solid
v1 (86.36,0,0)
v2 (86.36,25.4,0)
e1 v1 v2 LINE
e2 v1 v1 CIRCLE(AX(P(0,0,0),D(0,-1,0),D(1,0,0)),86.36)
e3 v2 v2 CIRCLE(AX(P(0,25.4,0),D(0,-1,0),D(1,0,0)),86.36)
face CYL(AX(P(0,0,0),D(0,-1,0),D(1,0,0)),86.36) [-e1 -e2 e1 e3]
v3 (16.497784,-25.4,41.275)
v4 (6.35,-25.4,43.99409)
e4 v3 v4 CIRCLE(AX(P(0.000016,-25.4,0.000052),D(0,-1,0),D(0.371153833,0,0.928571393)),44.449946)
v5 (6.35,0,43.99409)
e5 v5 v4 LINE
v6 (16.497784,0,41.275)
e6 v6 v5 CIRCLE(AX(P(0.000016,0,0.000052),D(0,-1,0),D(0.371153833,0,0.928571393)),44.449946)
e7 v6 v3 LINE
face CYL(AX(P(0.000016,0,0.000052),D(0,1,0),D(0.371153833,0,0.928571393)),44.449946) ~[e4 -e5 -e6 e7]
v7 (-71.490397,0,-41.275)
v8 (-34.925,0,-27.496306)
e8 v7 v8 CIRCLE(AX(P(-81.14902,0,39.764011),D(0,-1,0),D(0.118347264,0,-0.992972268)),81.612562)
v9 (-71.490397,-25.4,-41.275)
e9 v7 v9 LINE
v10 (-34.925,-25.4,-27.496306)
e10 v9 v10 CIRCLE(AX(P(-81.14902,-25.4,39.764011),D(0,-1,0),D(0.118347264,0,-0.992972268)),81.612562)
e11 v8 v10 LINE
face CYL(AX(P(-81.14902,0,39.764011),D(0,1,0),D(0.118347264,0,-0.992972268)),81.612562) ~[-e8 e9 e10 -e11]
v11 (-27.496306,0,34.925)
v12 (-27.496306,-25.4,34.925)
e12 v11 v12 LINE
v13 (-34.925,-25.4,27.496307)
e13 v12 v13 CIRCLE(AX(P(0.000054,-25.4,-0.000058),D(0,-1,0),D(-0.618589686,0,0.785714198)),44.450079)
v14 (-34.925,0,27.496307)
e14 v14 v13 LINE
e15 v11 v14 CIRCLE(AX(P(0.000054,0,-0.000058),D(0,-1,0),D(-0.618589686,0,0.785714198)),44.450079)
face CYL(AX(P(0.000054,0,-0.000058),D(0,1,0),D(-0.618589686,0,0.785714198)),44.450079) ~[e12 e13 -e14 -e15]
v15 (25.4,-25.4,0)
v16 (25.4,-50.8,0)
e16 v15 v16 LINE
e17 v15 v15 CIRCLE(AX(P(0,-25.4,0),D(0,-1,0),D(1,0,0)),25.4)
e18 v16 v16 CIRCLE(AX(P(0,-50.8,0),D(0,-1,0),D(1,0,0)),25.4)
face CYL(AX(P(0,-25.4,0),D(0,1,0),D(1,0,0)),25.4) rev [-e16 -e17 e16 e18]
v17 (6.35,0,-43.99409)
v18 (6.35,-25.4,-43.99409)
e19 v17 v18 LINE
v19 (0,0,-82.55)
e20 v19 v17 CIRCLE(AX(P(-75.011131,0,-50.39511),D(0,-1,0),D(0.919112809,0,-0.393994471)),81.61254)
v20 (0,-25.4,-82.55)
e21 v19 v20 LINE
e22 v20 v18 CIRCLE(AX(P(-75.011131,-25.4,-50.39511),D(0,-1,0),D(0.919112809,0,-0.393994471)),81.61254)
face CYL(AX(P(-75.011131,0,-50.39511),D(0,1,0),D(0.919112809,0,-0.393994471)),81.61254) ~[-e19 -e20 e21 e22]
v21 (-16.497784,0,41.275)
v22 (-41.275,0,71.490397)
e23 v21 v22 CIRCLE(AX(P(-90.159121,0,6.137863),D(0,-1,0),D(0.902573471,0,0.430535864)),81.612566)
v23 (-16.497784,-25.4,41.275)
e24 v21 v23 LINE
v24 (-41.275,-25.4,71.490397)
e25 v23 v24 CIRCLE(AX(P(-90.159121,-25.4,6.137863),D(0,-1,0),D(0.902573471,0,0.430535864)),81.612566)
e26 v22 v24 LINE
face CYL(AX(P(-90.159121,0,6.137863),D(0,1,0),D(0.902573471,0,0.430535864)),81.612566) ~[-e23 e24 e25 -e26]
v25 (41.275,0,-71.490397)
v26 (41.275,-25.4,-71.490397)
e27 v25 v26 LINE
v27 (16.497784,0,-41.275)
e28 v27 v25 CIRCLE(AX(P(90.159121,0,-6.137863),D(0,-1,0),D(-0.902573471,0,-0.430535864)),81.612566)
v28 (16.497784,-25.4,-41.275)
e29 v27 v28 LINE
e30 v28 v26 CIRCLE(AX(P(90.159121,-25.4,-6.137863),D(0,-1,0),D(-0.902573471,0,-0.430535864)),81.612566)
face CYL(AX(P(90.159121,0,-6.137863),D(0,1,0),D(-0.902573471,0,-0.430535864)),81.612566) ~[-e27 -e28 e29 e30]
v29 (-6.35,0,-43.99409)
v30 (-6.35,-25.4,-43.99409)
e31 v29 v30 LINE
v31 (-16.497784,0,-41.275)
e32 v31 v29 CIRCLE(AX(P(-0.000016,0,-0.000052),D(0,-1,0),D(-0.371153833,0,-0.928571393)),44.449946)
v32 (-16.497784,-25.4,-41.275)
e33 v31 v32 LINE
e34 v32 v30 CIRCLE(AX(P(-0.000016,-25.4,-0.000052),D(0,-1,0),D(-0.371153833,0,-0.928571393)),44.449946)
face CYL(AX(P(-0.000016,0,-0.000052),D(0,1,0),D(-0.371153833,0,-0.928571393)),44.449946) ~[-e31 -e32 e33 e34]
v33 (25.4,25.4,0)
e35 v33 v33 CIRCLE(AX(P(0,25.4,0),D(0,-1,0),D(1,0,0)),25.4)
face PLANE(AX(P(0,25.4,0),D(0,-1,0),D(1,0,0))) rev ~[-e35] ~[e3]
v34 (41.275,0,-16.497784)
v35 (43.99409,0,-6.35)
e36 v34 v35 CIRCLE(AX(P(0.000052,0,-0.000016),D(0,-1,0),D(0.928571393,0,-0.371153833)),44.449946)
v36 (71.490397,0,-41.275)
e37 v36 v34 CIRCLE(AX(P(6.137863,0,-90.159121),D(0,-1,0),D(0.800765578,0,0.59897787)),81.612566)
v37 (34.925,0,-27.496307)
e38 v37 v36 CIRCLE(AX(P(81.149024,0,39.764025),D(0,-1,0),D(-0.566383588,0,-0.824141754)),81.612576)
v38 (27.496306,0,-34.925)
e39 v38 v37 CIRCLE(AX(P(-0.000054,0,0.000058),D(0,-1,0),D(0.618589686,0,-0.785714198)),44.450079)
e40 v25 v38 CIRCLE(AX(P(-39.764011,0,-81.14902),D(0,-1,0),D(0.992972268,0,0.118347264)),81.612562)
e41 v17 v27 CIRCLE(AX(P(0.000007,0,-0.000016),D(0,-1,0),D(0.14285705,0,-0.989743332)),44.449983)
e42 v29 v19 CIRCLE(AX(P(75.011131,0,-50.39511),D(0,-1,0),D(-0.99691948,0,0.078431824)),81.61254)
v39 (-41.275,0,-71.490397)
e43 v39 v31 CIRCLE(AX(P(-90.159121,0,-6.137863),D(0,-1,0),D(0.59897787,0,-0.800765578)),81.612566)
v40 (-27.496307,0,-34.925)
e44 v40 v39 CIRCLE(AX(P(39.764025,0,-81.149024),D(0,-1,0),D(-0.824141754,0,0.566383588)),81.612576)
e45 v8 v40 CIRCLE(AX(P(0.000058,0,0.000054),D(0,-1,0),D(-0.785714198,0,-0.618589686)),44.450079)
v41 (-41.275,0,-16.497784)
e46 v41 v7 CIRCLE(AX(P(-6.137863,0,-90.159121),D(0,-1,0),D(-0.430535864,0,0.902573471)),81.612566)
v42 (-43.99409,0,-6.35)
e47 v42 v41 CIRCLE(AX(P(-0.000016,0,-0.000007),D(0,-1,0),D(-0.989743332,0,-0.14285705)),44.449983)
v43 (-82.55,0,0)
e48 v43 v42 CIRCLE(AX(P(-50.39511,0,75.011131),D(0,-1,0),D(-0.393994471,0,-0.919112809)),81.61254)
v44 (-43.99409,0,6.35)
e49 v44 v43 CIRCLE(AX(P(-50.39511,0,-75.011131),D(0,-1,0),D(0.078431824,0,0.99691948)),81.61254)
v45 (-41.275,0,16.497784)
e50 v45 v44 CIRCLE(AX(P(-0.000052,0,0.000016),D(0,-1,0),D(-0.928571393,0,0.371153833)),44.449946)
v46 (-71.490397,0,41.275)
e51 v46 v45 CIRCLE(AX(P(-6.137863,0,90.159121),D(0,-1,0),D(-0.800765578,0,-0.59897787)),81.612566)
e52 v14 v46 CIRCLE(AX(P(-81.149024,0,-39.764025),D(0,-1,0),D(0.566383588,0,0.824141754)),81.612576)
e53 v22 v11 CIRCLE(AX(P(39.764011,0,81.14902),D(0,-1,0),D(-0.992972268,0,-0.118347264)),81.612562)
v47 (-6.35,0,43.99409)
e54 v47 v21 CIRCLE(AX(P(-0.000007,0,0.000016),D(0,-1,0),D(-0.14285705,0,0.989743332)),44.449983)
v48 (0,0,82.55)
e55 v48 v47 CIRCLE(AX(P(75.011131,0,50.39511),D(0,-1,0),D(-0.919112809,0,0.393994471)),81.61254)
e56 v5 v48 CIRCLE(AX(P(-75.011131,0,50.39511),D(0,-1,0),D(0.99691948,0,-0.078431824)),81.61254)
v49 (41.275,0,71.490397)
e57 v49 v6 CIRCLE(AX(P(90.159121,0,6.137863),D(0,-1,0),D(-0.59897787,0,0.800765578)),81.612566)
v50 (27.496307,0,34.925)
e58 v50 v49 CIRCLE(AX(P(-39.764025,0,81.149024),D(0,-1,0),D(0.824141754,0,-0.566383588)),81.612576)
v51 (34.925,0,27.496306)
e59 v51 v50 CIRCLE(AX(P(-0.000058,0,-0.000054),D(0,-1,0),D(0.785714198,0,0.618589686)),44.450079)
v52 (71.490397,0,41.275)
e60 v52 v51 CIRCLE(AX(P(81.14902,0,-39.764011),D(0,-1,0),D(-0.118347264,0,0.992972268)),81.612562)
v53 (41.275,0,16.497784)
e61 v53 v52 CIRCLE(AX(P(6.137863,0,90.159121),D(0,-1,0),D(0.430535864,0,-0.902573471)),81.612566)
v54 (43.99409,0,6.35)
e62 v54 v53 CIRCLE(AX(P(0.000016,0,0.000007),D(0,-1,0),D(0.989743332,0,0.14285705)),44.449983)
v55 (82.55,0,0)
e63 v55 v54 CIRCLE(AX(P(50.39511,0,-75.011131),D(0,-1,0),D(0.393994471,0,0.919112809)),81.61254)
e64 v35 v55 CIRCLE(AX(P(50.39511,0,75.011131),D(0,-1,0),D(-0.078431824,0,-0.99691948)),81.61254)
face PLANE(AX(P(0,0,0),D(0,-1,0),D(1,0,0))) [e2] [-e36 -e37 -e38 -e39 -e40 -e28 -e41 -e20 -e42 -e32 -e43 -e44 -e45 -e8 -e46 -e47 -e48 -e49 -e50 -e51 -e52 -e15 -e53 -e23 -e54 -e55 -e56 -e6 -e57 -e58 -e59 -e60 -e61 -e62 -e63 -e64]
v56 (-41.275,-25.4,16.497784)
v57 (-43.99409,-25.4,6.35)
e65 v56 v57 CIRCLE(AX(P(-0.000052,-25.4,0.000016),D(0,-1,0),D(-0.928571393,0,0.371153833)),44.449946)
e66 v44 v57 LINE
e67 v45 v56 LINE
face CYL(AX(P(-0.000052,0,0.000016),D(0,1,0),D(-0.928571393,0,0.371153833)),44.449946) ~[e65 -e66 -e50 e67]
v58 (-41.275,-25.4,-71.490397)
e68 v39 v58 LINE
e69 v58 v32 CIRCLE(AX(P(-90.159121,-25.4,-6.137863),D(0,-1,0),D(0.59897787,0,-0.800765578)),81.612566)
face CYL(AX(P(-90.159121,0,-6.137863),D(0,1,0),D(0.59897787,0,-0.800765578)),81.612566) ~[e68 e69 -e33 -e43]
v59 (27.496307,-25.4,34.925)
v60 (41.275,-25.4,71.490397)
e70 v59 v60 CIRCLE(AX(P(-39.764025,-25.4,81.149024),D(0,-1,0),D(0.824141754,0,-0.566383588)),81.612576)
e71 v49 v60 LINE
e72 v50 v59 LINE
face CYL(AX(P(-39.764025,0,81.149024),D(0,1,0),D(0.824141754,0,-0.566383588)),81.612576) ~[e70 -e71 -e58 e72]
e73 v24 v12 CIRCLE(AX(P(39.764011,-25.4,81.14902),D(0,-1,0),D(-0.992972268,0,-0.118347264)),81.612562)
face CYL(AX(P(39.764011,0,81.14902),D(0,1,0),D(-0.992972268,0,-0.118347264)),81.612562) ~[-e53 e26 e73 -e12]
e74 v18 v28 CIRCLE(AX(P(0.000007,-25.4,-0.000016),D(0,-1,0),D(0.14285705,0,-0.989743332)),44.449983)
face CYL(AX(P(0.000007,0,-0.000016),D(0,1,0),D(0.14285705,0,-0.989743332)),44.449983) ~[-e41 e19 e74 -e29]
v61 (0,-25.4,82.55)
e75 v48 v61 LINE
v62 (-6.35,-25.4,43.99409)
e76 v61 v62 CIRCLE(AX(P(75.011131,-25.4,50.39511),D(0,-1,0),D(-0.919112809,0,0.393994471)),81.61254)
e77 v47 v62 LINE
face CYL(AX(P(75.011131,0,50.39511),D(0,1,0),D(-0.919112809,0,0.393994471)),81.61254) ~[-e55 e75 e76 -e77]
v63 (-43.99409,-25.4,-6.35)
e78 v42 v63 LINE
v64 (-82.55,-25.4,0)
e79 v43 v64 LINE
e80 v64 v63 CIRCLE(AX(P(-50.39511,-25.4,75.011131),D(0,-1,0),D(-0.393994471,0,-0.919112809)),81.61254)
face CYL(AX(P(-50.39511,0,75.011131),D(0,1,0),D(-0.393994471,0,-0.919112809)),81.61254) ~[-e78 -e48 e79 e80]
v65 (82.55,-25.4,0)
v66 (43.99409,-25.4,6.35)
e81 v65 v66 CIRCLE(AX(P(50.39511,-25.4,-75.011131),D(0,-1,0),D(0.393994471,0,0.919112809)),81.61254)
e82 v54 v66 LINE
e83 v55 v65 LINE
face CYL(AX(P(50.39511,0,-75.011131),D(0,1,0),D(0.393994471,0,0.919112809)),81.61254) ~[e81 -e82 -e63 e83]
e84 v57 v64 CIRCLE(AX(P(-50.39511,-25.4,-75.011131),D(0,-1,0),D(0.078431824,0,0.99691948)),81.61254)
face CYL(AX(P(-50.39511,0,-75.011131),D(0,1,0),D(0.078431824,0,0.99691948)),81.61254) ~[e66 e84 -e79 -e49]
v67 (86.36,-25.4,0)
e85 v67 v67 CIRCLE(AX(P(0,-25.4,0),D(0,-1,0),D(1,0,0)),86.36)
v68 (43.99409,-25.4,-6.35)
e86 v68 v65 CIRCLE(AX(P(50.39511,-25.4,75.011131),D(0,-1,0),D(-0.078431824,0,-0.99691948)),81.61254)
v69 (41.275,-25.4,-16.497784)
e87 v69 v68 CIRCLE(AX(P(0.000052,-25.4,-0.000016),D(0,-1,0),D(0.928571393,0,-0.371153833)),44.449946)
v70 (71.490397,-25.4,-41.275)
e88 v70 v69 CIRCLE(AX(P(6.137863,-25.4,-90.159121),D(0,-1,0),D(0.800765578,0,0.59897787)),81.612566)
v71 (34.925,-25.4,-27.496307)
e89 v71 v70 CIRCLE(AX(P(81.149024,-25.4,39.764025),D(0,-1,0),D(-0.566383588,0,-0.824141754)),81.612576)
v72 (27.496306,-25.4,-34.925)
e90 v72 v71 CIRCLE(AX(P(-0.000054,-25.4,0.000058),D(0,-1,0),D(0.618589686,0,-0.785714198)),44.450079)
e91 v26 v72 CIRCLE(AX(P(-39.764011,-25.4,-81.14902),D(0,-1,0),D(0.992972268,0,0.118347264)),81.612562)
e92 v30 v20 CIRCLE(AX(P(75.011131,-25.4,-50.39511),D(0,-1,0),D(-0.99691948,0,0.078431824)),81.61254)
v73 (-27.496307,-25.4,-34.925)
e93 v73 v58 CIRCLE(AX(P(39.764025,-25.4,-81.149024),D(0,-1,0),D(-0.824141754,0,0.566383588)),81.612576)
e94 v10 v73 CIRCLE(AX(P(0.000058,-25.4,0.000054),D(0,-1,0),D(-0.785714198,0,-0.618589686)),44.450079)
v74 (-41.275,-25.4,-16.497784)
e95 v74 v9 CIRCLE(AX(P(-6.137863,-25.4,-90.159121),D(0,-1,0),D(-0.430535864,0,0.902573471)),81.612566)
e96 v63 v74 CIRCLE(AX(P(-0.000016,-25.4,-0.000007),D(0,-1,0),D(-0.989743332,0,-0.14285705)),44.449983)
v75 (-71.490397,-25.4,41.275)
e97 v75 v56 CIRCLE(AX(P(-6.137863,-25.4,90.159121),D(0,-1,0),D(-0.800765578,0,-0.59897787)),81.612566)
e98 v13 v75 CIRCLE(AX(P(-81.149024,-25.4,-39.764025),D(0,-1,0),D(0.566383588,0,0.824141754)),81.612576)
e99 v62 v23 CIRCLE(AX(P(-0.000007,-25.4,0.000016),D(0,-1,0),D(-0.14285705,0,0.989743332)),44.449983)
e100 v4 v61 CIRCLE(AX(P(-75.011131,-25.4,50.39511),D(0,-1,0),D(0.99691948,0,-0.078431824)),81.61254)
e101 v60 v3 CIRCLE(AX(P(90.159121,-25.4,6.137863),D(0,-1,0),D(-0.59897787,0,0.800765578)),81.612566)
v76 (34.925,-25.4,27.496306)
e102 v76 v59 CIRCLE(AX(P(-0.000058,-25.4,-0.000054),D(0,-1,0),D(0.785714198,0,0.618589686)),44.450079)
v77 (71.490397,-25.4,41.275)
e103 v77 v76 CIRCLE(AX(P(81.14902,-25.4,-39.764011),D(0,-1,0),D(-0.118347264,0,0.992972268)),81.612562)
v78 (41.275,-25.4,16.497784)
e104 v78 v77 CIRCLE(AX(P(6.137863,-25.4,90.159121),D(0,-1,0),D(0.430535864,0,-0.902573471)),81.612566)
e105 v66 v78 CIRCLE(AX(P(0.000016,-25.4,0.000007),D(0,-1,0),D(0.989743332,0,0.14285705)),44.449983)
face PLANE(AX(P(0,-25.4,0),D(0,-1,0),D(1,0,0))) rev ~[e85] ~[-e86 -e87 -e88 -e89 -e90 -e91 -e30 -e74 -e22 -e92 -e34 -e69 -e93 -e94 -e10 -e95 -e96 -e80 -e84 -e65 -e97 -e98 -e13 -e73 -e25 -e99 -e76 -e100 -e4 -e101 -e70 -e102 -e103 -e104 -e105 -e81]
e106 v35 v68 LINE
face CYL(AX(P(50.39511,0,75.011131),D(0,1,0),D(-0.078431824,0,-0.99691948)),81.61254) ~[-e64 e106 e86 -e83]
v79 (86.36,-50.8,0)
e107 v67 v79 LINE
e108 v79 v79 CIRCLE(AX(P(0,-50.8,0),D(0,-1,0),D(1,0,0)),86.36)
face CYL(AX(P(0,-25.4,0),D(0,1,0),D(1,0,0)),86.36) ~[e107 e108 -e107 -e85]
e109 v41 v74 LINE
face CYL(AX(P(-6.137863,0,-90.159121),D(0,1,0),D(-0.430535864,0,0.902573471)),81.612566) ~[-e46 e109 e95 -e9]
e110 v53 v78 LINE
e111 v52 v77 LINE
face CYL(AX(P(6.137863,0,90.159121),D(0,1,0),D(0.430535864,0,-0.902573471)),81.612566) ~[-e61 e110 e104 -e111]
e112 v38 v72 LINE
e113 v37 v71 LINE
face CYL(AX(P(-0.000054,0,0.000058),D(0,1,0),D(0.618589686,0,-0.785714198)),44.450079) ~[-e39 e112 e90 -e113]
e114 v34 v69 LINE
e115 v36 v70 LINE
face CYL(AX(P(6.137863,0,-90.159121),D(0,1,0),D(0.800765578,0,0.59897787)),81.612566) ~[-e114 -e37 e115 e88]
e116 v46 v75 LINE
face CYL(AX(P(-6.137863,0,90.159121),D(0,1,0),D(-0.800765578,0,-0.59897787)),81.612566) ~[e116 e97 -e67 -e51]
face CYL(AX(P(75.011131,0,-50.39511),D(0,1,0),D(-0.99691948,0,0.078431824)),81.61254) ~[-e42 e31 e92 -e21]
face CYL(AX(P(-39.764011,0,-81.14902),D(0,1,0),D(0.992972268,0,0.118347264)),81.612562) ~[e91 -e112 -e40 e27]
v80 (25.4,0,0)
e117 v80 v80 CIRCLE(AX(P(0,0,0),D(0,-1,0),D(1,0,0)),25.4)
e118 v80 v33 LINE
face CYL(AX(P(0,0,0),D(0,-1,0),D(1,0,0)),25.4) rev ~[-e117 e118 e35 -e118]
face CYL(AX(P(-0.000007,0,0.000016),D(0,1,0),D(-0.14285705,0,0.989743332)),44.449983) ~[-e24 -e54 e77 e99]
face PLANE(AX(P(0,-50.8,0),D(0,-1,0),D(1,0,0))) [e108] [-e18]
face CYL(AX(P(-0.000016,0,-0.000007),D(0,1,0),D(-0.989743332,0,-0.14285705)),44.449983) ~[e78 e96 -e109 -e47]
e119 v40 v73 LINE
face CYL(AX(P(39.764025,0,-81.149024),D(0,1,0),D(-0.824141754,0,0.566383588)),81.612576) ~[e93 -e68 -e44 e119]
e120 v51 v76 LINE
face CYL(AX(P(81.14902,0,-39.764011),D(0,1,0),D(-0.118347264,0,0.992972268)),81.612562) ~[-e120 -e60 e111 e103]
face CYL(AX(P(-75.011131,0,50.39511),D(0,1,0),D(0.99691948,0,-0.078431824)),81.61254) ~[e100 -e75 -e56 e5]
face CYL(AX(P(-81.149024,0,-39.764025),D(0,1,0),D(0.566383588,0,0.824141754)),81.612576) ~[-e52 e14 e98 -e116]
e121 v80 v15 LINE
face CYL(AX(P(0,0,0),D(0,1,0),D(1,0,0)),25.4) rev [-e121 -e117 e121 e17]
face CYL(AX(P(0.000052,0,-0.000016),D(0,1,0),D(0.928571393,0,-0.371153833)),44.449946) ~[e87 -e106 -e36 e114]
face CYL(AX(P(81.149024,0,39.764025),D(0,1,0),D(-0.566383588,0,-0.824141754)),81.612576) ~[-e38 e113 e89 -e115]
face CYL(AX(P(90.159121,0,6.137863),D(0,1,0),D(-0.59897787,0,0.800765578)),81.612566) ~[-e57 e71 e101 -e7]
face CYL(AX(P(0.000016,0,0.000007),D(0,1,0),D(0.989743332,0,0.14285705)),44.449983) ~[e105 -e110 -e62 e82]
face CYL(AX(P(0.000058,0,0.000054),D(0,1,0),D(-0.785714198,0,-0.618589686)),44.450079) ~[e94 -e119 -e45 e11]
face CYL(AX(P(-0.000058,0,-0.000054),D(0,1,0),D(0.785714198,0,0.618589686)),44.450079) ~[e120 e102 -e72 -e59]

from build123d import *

# Parameters (mm, degrees)
F0_R      = 31.75
F0_R_2    = 25.4
F1_DEPTH  = 25.4
F2_R      = 86.36
F3_DEPTH  = 25.4
F3_FACE_R = 25.4
F4_DEPTH  = 50.8
F5_R      = 86.36
F5_R_2    = 25.4
F6_DEPTH  = 25.4


with BuildPart() as f1:
    # F0 (on Front) → F1 (new body)
    with BuildSketch(Plane.XZ):
        with BuildLine():
            ThreePointArc((-6.35, 43.99409), (0, 44.45), (6.35, 43.99409))
            ThreePointArc((6.35, 43.99409), (5.51657, 63.657692), (0, 82.55))
            ThreePointArc((0, 82.55), (-5.51657, 63.657692), (-6.35, 43.99409))
        make_face()
        with BuildLine():
            ThreePointArc((-27.496306, 34.925), (-22.225, 38.494829), (-16.497784, 41.275))
            ThreePointArc((-16.497784, 41.275), (-27.051357, 57.887463), (-41.275, 71.490397))
            ThreePointArc((-41.275, 71.490397), (-36.606335, 52.370894), (-27.496306, 34.925))
        make_face()
        with BuildLine():
            ThreePointArc((-41.275, 16.497784), (-38.494829, 22.225), (-34.925, 27.496307))
            ThreePointArc((-34.925, 27.496307), (-52.370894, 36.606335), (-71.490397, 41.275))
            ThreePointArc((-71.490397, 41.275), (-57.887463, 27.051357), (-41.275, 16.497784))
        make_face()
        with BuildLine():
            ThreePointArc((-43.99409, -6.35), (-44.45, 0), (-43.99409, 6.35))
            ThreePointArc((-43.99409, 6.35), (-63.657692, 5.51657), (-82.55, 0))
            ThreePointArc((-82.55, 0), (-63.657692, -5.51657), (-43.99409, -6.35))
        make_face()
        with BuildLine():
            ThreePointArc((-71.490397, -41.275), (-52.370894, -36.606335), (-34.925, -27.496306))
            ThreePointArc((-34.925, -27.496306), (-38.494829, -22.225), (-41.275, -16.497784))
            ThreePointArc((-41.275, -16.497784), (-57.887463, -27.051357), (-71.490397, -41.275))
        make_face()
        with BuildLine():
            ThreePointArc((-41.275, -71.490397), (-27.051357, -57.887463), (-16.497784, -41.275))
            ThreePointArc((-16.497784, -41.275), (-22.225, -38.494829), (-27.496307, -34.925))
            ThreePointArc((-27.496307, -34.925), (-36.606335, -52.370894), (-41.275, -71.490397))
        make_face()
        with BuildLine():
            ThreePointArc((0, -82.55), (5.51657, -63.657692), (6.35, -43.99409))
            ThreePointArc((6.35, -43.99409), (0, -44.45), (-6.35, -43.99409))
            ThreePointArc((-6.35, -43.99409), (-5.51657, -63.657692), (0, -82.55))
        make_face()
        with BuildLine():
            ThreePointArc((41.275, -71.490397), (36.606335, -52.370894), (27.496306, -34.925))
            ThreePointArc((27.496306, -34.925), (22.225, -38.494829), (16.497784, -41.275))
            ThreePointArc((16.497784, -41.275), (27.051357, -57.887463), (41.275, -71.490397))
        make_face()
        with BuildLine():
            ThreePointArc((71.490397, -41.275), (57.887463, -27.051357), (41.275, -16.497784))
            ThreePointArc((41.275, -16.497784), (38.494829, -22.225), (34.925, -27.496307))
            ThreePointArc((34.925, -27.496307), (52.370894, -36.606335), (71.490397, -41.275))
        make_face()
        with BuildLine():
            ThreePointArc((43.99409, 6.35), (44.335876, 3.183173), (44.45, 0))
            ThreePointArc((44.45, 0), (44.335876, -3.183173), (43.99409, -6.35))
            ThreePointArc((43.99409, -6.35), (63.657692, -5.51657), (82.55, 0))
            ThreePointArc((82.55, 0), (63.657692, 5.51657), (43.99409, 6.35))
        make_face()
        with BuildLine():
            ThreePointArc((34.925, 27.496306), (38.494829, 22.225), (41.275, 16.497784))
            ThreePointArc((41.275, 16.497784), (57.887463, 27.051357), (71.490397, 41.275))
            ThreePointArc((71.490397, 41.275), (52.370894, 36.606335), (34.925, 27.496306))
        make_face()
        with BuildLine():
            ThreePointArc((16.497784, 41.275), (22.225, 38.494829), (27.496307, 34.925))
            ThreePointArc((27.496307, 34.925), (36.606335, 52.370894), (41.275, 71.490397))
            ThreePointArc((41.275, 71.490397), (27.051357, 57.887463), (16.497784, 41.275))
        make_face()
        with BuildLine():
            ThreePointArc((43.99409, -6.35), (44.335876, -3.183173), (44.45, 0))
            ThreePointArc((44.45, 0), (44.335876, 3.183173), (43.99409, 6.35))
            ThreePointArc((43.99409, 6.35), (42.935403, 11.504506), (41.275, 16.497784))
            ThreePointArc((41.275, 16.497784), (38.494829, 22.225), (34.925, 27.496306))
            ThreePointArc((34.925, 27.496306), (31.430896, 31.430896), (27.496307, 34.925))
            ThreePointArc((27.496307, 34.925), (22.225, 38.494829), (16.497784, 41.275))
            ThreePointArc((16.497784, 41.275), (11.504507, 42.935403), (6.35, 43.99409))
            ThreePointArc((6.35, 43.99409), (0, 44.45), (-6.35, 43.99409))
            ThreePointArc((-6.35, 43.99409), (-11.504506, 42.935403), (-16.497784, 41.275))
            ThreePointArc((-16.497784, 41.275), (-22.225, 38.494829), (-27.496306, 34.925))
            ThreePointArc((-27.496306, 34.925), (-31.430896, 31.430896), (-34.925, 27.496307))
            ThreePointArc((-34.925, 27.496307), (-38.494829, 22.225), (-41.275, 16.497784))
            ThreePointArc((-41.275, 16.497784), (-42.935403, 11.504507), (-43.99409, 6.35))
            ThreePointArc((-43.99409, 6.35), (-44.45, 0), (-43.99409, -6.35))
            ThreePointArc((-43.99409, -6.35), (-42.935403, -11.504506), (-41.275, -16.497784))
            ThreePointArc((-41.275, -16.497784), (-38.494829, -22.225), (-34.925, -27.496306))
            ThreePointArc((-34.925, -27.496306), (-31.430896, -31.430896), (-27.496307, -34.925))
            ThreePointArc((-27.496307, -34.925), (-22.225, -38.494829), (-16.497784, -41.275))
            ThreePointArc((-16.497784, -41.275), (-11.504507, -42.935403), (-6.35, -43.99409))
            ThreePointArc((-6.35, -43.99409), (0, -44.45), (6.35, -43.99409))
            ThreePointArc((6.35, -43.99409), (11.504506, -42.935403), (16.497784, -41.275))
            ThreePointArc((16.497784, -41.275), (22.225, -38.494829), (27.496306, -34.925))
            ThreePointArc((27.496306, -34.925), (31.430896, -31.430896), (34.925, -27.496307))
            ThreePointArc((34.925, -27.496307), (38.494829, -22.225), (41.275, -16.497784))
            ThreePointArc((41.275, -16.497784), (42.935403, -11.504507), (43.99409, -6.35))
        make_face()
        Circle(F0_R, mode=Mode.SUBTRACT)
        Circle(F0_R)
        Circle(F0_R_2, mode=Mode.SUBTRACT)
    extrude(amount=F1_DEPTH)

    # F2 (on Front) → F3 (join)
    with BuildSketch(Plane.XZ):
        Circle(F2_R)
    extrude(amount=-F3_DEPTH)

    # F3_face (on face) → F4 (cut)
    with BuildSketch(Plane.XZ):
        Circle(F3_FACE_R)
    extrude(amount=-F4_DEPTH, mode=Mode.SUBTRACT)

    # F5 (on face) → F6 (join)
    with BuildSketch(Plane.XZ.offset(25.4)):
        Circle(F5_R)
        Circle(F5_R_2, mode=Mode.SUBTRACT)
    extrude(amount=F6_DEPTH)


solid = f1.part
